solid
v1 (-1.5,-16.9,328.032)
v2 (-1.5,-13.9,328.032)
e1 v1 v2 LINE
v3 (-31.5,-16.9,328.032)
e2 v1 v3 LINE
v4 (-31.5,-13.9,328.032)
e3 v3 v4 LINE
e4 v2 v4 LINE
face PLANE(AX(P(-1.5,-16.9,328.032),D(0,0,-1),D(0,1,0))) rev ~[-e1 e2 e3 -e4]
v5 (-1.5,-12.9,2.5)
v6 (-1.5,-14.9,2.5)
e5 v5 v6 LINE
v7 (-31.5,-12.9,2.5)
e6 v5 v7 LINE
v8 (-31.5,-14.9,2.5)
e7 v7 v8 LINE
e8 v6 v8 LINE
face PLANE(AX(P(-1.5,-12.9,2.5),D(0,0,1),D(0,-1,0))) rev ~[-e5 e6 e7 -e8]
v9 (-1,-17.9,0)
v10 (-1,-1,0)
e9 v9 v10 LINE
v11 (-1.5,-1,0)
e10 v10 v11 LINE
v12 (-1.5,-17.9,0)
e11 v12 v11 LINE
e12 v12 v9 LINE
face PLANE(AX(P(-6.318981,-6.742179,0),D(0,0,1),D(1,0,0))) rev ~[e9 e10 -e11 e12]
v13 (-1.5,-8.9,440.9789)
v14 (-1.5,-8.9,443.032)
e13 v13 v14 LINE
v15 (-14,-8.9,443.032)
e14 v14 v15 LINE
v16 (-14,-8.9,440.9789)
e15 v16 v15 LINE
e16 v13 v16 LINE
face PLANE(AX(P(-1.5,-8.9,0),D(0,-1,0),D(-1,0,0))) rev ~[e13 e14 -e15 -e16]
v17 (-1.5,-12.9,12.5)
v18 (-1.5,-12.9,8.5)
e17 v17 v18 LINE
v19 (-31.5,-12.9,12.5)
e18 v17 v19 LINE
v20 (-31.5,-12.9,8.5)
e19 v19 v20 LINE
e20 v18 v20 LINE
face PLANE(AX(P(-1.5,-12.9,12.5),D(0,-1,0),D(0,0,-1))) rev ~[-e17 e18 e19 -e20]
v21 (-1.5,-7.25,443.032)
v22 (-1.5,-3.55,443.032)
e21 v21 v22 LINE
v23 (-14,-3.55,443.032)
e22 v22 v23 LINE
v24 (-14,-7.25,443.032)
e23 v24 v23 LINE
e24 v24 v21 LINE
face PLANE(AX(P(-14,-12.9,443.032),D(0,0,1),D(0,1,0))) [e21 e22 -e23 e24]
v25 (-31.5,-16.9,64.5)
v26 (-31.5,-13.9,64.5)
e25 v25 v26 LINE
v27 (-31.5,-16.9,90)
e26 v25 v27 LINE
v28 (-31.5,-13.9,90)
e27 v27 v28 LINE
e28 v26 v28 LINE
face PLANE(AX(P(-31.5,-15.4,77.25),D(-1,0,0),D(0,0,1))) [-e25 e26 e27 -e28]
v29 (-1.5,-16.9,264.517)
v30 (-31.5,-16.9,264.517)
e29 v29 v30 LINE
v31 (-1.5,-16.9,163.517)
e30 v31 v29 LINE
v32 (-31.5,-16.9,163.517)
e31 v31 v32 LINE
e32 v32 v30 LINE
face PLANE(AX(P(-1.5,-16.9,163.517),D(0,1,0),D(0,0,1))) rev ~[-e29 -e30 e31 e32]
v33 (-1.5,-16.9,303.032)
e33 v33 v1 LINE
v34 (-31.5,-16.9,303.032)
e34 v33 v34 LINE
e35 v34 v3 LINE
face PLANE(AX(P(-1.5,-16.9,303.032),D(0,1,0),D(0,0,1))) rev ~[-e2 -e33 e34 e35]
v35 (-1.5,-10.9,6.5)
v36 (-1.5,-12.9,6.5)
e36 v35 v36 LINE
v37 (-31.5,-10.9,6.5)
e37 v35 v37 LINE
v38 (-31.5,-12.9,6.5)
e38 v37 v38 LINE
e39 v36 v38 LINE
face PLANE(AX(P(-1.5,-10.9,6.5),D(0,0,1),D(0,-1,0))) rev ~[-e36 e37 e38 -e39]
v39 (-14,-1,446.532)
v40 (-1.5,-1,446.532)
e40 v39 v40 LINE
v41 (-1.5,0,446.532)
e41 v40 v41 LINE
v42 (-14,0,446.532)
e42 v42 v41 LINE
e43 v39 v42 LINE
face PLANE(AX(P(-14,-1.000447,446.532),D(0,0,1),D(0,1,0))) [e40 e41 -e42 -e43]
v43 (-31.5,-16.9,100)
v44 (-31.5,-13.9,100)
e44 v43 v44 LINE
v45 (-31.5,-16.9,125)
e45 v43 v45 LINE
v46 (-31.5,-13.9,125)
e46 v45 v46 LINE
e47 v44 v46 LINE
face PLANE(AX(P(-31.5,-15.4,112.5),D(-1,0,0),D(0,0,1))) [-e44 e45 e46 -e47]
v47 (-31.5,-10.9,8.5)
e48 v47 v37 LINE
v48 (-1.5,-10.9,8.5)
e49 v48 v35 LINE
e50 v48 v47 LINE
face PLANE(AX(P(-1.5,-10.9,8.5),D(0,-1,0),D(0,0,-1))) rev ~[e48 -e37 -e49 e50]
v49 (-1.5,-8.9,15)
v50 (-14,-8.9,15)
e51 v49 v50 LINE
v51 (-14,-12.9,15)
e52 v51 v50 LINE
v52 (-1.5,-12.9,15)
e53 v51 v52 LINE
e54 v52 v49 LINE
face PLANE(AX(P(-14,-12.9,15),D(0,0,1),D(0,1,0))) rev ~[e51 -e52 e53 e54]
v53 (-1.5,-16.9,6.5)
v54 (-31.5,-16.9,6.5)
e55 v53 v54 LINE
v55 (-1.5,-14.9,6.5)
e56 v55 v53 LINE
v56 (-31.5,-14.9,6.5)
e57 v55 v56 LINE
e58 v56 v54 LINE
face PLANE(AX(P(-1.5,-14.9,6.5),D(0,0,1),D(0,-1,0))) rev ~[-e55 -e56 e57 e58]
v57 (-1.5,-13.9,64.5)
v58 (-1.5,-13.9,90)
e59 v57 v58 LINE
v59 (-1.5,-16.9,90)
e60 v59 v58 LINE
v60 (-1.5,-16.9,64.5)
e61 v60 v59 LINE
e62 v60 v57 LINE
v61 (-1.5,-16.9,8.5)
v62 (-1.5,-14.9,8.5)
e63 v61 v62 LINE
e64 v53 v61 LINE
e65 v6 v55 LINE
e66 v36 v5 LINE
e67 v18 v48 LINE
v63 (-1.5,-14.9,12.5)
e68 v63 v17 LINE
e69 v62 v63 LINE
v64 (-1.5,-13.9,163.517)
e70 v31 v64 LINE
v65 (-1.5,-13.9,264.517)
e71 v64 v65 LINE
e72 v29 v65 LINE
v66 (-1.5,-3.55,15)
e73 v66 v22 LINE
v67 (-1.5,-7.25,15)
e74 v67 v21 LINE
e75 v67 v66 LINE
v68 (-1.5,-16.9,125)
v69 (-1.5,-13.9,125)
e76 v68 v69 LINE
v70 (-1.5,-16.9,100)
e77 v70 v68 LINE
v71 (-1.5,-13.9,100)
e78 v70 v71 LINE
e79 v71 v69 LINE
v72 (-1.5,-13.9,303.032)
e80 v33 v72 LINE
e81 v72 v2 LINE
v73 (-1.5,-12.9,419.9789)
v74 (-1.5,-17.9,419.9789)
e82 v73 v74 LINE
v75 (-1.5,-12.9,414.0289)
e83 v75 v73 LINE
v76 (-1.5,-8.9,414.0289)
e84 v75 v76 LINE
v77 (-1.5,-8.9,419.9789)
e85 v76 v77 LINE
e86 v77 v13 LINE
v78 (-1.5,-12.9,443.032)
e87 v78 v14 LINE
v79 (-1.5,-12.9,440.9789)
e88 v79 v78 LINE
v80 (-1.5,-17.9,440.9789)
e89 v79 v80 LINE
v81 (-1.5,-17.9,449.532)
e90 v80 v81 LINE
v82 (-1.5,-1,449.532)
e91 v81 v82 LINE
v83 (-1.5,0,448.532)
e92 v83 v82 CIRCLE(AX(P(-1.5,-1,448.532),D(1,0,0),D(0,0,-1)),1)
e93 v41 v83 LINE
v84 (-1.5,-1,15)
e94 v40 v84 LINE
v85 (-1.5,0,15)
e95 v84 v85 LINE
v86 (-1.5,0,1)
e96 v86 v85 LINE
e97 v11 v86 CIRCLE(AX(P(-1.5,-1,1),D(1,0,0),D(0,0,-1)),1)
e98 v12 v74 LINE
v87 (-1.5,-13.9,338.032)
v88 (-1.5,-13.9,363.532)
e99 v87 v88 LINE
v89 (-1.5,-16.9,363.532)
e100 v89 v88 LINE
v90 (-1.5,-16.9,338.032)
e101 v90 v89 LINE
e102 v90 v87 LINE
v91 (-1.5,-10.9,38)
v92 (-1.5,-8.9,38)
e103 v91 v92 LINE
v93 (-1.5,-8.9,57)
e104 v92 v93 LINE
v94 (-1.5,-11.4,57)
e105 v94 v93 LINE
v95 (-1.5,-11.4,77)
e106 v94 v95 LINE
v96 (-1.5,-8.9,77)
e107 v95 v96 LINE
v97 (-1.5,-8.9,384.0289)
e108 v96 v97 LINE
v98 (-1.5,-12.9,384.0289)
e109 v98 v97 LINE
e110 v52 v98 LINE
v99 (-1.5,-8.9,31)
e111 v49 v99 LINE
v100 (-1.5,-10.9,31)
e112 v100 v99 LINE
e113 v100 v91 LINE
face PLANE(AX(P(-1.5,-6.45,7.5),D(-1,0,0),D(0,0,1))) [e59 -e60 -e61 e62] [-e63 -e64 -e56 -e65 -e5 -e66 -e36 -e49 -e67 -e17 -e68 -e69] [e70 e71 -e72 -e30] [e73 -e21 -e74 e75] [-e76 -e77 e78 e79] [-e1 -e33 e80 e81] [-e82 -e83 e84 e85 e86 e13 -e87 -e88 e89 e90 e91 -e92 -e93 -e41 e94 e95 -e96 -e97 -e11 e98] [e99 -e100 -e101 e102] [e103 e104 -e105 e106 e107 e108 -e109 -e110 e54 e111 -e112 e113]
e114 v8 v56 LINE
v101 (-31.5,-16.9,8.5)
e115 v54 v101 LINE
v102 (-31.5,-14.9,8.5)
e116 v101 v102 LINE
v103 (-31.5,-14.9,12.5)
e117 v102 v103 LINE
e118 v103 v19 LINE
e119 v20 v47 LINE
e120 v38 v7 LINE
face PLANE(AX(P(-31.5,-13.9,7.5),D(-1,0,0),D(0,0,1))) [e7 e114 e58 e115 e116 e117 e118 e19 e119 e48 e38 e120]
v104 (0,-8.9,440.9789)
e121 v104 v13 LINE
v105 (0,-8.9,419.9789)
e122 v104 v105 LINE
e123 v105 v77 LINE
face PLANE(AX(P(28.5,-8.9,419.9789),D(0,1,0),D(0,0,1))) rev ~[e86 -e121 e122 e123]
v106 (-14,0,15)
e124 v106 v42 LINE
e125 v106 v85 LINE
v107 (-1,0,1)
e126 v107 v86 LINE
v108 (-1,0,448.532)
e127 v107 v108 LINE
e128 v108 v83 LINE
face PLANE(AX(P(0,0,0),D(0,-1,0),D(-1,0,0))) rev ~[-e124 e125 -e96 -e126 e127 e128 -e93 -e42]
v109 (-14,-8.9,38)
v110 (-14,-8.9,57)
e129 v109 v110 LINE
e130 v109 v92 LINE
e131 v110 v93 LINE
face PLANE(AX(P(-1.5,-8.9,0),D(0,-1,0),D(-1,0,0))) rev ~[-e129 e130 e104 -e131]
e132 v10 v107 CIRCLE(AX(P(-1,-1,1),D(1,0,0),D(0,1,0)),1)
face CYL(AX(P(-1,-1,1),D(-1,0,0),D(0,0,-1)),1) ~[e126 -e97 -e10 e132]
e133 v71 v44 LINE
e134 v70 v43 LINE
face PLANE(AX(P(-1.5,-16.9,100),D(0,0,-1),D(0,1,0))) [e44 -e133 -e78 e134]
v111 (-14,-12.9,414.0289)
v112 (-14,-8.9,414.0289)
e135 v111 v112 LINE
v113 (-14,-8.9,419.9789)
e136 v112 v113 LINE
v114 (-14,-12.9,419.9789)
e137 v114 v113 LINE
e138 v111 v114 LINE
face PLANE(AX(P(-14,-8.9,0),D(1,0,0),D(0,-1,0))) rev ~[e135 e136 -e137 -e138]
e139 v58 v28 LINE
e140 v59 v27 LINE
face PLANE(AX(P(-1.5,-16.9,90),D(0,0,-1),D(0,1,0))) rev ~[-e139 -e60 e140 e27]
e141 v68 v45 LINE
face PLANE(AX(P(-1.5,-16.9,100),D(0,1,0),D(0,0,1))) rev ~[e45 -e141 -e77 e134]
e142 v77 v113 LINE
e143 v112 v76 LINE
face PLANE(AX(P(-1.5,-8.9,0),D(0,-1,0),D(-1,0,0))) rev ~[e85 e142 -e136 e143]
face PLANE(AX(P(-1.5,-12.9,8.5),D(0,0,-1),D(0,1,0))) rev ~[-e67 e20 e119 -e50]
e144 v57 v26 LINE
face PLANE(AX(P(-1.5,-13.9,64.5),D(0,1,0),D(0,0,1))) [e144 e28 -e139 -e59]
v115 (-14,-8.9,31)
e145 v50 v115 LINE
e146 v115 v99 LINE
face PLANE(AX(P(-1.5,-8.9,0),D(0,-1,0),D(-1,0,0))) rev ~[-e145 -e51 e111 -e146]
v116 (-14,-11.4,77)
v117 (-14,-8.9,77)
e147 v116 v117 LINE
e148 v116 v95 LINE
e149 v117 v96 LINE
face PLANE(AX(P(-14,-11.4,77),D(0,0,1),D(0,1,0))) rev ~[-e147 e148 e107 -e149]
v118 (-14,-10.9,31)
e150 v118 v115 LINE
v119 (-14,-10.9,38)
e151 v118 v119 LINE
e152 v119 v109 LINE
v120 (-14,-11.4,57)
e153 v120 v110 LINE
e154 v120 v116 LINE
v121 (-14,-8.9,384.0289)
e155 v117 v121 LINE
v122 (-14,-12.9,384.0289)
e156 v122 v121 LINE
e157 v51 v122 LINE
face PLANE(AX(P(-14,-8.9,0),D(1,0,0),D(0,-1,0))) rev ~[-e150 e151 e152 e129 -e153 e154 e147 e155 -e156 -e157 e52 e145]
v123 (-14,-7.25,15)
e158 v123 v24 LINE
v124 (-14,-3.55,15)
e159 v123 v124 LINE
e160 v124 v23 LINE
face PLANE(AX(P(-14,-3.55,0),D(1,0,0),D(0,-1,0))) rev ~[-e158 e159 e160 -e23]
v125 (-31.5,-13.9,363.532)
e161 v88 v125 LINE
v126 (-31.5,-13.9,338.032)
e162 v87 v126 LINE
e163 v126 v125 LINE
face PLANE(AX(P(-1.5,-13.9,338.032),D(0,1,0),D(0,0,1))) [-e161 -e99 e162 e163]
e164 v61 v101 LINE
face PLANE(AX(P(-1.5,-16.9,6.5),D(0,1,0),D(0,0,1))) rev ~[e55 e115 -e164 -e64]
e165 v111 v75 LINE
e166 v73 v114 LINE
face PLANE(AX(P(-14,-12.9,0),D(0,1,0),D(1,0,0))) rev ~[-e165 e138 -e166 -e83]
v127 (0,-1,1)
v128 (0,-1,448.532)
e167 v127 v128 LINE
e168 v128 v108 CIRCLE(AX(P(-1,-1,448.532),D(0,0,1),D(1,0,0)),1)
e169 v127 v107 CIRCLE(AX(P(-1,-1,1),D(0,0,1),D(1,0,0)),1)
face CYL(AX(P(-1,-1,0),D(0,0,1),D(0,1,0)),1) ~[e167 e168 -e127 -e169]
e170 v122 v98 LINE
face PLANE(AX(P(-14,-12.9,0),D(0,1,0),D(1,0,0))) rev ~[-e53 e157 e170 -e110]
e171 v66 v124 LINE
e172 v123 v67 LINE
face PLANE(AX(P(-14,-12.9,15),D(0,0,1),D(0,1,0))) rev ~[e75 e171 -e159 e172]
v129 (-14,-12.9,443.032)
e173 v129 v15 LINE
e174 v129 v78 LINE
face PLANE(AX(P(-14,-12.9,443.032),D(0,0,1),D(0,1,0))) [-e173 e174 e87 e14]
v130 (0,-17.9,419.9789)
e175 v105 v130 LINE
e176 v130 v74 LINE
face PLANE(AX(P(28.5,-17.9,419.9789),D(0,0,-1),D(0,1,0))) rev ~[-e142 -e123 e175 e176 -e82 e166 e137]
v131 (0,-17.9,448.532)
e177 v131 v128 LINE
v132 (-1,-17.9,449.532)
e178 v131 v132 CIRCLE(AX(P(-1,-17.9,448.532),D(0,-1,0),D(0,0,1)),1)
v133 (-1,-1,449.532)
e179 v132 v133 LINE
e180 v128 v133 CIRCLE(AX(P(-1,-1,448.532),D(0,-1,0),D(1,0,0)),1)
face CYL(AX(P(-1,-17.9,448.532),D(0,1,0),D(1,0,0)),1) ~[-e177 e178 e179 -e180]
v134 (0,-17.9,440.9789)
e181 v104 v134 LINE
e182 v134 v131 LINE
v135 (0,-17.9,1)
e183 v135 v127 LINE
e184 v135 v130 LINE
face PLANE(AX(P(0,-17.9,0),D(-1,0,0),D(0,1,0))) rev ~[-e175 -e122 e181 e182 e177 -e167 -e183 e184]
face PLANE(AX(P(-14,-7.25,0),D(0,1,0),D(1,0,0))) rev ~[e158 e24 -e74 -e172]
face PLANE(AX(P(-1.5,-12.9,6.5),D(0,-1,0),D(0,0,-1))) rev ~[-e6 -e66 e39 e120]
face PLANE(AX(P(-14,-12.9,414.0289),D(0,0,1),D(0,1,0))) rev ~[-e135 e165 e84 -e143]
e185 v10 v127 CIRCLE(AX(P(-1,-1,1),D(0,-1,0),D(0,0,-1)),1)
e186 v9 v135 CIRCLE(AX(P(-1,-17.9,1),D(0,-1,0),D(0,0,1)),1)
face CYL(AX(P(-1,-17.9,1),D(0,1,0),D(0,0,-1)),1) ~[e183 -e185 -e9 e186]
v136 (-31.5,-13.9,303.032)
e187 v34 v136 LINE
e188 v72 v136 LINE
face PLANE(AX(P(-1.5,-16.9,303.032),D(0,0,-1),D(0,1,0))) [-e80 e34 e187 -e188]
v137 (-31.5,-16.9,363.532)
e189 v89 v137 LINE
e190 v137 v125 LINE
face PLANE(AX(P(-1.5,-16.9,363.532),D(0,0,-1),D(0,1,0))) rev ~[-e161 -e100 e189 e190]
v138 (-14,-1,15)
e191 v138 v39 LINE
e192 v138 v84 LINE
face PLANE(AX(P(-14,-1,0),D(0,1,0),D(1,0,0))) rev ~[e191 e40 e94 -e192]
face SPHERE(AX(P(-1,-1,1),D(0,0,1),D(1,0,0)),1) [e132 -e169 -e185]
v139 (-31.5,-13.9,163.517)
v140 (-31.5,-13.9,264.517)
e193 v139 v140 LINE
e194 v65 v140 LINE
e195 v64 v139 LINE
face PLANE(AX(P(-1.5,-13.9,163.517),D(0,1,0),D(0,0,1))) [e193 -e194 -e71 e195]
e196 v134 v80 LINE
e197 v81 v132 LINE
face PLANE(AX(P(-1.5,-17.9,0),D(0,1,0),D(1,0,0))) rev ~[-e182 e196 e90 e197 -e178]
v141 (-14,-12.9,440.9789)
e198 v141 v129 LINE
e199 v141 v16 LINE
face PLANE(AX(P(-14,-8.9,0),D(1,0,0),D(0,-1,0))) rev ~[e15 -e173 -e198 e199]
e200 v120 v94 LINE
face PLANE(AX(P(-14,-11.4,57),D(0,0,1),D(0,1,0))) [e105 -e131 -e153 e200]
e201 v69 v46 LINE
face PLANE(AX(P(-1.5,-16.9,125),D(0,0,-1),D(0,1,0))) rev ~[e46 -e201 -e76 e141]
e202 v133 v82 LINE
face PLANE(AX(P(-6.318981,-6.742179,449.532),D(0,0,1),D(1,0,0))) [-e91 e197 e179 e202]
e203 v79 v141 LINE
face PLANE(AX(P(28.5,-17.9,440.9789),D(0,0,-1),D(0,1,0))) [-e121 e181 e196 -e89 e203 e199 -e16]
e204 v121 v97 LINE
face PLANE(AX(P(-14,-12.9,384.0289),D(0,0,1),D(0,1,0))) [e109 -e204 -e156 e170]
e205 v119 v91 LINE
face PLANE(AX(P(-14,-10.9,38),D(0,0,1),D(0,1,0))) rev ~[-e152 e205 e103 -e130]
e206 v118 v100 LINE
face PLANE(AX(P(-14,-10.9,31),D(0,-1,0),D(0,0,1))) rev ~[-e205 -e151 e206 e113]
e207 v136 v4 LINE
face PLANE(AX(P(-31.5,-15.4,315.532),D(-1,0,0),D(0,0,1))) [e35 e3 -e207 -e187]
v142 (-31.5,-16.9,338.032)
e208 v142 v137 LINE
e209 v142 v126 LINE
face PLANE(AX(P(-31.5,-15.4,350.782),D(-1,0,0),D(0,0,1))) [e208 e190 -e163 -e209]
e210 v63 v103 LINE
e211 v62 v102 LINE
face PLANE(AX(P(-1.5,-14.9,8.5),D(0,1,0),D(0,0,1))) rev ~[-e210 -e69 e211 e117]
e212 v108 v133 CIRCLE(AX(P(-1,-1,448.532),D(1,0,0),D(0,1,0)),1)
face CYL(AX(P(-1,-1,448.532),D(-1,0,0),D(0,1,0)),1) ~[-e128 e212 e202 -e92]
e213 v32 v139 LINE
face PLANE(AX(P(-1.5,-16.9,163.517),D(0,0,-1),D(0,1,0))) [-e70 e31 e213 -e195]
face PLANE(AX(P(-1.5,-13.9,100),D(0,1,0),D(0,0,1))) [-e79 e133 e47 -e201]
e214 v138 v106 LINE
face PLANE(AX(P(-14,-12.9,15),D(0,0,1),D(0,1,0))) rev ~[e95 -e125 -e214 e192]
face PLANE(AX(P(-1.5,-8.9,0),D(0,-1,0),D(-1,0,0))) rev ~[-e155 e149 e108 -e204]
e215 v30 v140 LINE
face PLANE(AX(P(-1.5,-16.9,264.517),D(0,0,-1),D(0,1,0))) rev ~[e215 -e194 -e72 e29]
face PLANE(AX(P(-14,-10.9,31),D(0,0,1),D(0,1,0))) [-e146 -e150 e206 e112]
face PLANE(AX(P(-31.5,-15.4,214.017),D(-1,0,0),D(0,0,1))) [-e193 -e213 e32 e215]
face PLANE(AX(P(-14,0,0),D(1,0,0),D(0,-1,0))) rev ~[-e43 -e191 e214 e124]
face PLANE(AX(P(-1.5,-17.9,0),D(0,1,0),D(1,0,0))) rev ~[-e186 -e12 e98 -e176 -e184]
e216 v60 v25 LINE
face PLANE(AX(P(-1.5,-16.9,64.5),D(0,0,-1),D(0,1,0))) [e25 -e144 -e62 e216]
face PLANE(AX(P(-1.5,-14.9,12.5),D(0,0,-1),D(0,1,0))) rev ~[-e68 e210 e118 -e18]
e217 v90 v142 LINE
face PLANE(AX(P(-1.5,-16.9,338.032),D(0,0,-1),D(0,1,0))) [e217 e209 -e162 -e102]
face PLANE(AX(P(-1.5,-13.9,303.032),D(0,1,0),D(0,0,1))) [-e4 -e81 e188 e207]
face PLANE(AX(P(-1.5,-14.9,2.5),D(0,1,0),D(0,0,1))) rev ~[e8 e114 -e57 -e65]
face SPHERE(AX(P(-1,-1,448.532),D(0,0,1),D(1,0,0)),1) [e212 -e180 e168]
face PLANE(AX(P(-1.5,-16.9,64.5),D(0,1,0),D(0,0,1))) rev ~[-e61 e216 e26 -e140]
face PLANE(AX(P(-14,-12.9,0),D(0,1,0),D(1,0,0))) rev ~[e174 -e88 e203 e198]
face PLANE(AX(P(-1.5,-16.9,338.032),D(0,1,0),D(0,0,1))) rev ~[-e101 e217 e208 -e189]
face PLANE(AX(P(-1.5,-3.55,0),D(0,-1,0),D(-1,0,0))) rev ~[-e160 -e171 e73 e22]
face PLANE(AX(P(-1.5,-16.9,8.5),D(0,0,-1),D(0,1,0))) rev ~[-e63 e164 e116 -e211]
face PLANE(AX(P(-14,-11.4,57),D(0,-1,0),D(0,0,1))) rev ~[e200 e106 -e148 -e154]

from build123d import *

# Parameters (mm, degrees)
EXTRUDE_1_DEPTH          = 449.532
SKETCH_7_W               = 15
SKETCH_7_H               = 12.9
CUT_EXTRUDE_2_DEPTH      = 12.5
CUT_EXTRUDE_3_DEPTH      = 12.5
SKETCH_10_W              = 25.5
SKETCH_10_H              = 3
SKETCH_10_W_2            = 101
SKETCH_10_W_3            = 25
EXTRUDE_6_DEPTH          = 30
CUT_EXTRUDE_4_DEPTH      = 30
CUT_EXTRUDE_4_DEPTH_BACK = 30
SKETCH_11_W              = 21
SKETCH_11_H              = 9
SKETCH_12_W              = 30
SKETCH_12_H              = 4
CUT_EXTRUDE_5_DEPTH      = 12.5
SKETCH_15_W              = 7
SKETCH_15_H              = 2
CUT_EXTRUDE_8_DEPTH      = 12.5
SKETCH_17_W              = 20
SKETCH_17_H              = 2.5
CUT_EXTRUDE_9_DEPTH      = 12.5
FILLET_2_R               = 1
FILLET_3_R               = 1
FILLET_4_R               = 1


with BuildPart() as part:
    # 草图1 → 凸台-拉伸1 (new body)
    with BuildSketch(Plane.XY):
        Polygon((0, 0), (-14, 0), (-14, -1), (-1.5, -1), (-1.5, -3.55), (-14, -3.55), (-14, -7.25), (-1.5, -7.25), (-1.5, -8.9), (-14, -8.9), (-14, -12.9), (-1.5, -12.9), (-1.5, -17.9), (0, -17.9), align=None)
    extrude(amount=EXTRUDE_1_DEPTH)

    # 草图7 → 切除-拉伸2 (cut)
    with BuildSketch(Plane.ZY.offset(14)):
        with Locations((7.5, -6.45)):
            Rectangle(SKETCH_7_W, SKETCH_7_H)
    extrude(amount=-CUT_EXTRUDE_2_DEPTH, mode=Mode.SUBTRACT)

    # 草图8 → 切除-拉伸3 (cut)
    with BuildSketch(Plane.ZY.offset(14)):
        Polygon((449.532, -12.9), (443.032, -12.9), (443.032, -1), (446.532, -1.000447275), (446.532, 0), (449.532, 0), align=None)
    extrude(amount=-CUT_EXTRUDE_3_DEPTH, mode=Mode.SUBTRACT)

    # 草图10 → 凸台-拉伸6 (add)
    with BuildSketch(Plane.ZY.offset(1.5)):
        Polygon((6.5, -14.9), (6.5, -16.9), (8.5, -16.9), (8.5, -14.9), (12.5, -14.9), (12.5, -12.9), (8.5, -12.9), (8.5, -10.9), (6.5, -10.9), (6.5, -12.9), (2.5, -12.9), (2.5, -14.9), align=None)
        with Locations((77.25, -15.4)):
            Rectangle(SKETCH_10_W, SKETCH_10_H)
        with Locations((214.017, -15.4)):
            Rectangle(SKETCH_10_W_2, SKETCH_10_H)
        with Locations((112.5, -15.4)):
            Rectangle(SKETCH_10_W_3, SKETCH_10_H)
        with Locations((315.532, -15.4)):
            Rectangle(SKETCH_10_W_3, SKETCH_10_H)
        with Locations((350.782, -15.4)):
            Rectangle(SKETCH_10_W, SKETCH_10_H)
    extrude(amount=EXTRUDE_6_DEPTH)

    # 草图11 → 切除-拉伸4 (cut, two sides: drawn at the far end of the back side and taken through both)
    with BuildSketch(Plane.ZY.offset(1.5).offset(-CUT_EXTRUDE_4_DEPTH_BACK)):
        with Locations((430.4789, -13.4)):
            Rectangle(SKETCH_11_W, SKETCH_11_H)
    extrude(amount=CUT_EXTRUDE_4_DEPTH + CUT_EXTRUDE_4_DEPTH_BACK, mode=Mode.SUBTRACT)

    # 草图12 → 切除-拉伸5 (cut)
    with BuildSketch(Plane.ZY.offset(14)):
        with Locations((399.0289, -10.9)):
            Rectangle(SKETCH_12_W, SKETCH_12_H)
    extrude(amount=-CUT_EXTRUDE_5_DEPTH, mode=Mode.SUBTRACT)

    # 草图15 → 切除-拉伸8 (cut)
    with BuildSketch(Plane.ZY.offset(14)):
        with Locations((34.5, -9.9)):
            Rectangle(SKETCH_15_W, SKETCH_15_H)
    extrude(amount=-CUT_EXTRUDE_8_DEPTH, mode=Mode.SUBTRACT)

    # 草图17 → 切除-拉伸9 (cut)
    with BuildSketch(Plane.ZY.offset(14)):
        with Locations((67, -10.15)):
            Rectangle(SKETCH_17_W, SKETCH_17_H)
    extrude(amount=-CUT_EXTRUDE_9_DEPTH, mode=Mode.SUBTRACT)

    # 圆角2
    fillet_2_edges = [part.edges().sort_by_distance(p)[0] for p in [
        (0, 0, 224.766),
    ]]
    fillet(fillet_2_edges, radius=FILLET_2_R)

    # 圆角3
    fillet_3_edges = [part.edges().sort_by_distance(p)[0] for p in [
        (0, -9.45, 0),
        (-1.25, 0, 0),
        (-0.292893219, -0.292893219, 0),
    ]]
    fillet(fillet_3_edges, radius=FILLET_3_R)

    # 圆角4
    fillet_4_edges = [part.edges().sort_by_distance(p)[0] for p in [
        (-1.25, 0, 449.532),
        (-0.292893219, -0.292893219, 449.532),
        (0, -9.45, 449.532),
    ]]
    fillet(fillet_4_edges, radius=FILLET_4_R)


solid = part.part
